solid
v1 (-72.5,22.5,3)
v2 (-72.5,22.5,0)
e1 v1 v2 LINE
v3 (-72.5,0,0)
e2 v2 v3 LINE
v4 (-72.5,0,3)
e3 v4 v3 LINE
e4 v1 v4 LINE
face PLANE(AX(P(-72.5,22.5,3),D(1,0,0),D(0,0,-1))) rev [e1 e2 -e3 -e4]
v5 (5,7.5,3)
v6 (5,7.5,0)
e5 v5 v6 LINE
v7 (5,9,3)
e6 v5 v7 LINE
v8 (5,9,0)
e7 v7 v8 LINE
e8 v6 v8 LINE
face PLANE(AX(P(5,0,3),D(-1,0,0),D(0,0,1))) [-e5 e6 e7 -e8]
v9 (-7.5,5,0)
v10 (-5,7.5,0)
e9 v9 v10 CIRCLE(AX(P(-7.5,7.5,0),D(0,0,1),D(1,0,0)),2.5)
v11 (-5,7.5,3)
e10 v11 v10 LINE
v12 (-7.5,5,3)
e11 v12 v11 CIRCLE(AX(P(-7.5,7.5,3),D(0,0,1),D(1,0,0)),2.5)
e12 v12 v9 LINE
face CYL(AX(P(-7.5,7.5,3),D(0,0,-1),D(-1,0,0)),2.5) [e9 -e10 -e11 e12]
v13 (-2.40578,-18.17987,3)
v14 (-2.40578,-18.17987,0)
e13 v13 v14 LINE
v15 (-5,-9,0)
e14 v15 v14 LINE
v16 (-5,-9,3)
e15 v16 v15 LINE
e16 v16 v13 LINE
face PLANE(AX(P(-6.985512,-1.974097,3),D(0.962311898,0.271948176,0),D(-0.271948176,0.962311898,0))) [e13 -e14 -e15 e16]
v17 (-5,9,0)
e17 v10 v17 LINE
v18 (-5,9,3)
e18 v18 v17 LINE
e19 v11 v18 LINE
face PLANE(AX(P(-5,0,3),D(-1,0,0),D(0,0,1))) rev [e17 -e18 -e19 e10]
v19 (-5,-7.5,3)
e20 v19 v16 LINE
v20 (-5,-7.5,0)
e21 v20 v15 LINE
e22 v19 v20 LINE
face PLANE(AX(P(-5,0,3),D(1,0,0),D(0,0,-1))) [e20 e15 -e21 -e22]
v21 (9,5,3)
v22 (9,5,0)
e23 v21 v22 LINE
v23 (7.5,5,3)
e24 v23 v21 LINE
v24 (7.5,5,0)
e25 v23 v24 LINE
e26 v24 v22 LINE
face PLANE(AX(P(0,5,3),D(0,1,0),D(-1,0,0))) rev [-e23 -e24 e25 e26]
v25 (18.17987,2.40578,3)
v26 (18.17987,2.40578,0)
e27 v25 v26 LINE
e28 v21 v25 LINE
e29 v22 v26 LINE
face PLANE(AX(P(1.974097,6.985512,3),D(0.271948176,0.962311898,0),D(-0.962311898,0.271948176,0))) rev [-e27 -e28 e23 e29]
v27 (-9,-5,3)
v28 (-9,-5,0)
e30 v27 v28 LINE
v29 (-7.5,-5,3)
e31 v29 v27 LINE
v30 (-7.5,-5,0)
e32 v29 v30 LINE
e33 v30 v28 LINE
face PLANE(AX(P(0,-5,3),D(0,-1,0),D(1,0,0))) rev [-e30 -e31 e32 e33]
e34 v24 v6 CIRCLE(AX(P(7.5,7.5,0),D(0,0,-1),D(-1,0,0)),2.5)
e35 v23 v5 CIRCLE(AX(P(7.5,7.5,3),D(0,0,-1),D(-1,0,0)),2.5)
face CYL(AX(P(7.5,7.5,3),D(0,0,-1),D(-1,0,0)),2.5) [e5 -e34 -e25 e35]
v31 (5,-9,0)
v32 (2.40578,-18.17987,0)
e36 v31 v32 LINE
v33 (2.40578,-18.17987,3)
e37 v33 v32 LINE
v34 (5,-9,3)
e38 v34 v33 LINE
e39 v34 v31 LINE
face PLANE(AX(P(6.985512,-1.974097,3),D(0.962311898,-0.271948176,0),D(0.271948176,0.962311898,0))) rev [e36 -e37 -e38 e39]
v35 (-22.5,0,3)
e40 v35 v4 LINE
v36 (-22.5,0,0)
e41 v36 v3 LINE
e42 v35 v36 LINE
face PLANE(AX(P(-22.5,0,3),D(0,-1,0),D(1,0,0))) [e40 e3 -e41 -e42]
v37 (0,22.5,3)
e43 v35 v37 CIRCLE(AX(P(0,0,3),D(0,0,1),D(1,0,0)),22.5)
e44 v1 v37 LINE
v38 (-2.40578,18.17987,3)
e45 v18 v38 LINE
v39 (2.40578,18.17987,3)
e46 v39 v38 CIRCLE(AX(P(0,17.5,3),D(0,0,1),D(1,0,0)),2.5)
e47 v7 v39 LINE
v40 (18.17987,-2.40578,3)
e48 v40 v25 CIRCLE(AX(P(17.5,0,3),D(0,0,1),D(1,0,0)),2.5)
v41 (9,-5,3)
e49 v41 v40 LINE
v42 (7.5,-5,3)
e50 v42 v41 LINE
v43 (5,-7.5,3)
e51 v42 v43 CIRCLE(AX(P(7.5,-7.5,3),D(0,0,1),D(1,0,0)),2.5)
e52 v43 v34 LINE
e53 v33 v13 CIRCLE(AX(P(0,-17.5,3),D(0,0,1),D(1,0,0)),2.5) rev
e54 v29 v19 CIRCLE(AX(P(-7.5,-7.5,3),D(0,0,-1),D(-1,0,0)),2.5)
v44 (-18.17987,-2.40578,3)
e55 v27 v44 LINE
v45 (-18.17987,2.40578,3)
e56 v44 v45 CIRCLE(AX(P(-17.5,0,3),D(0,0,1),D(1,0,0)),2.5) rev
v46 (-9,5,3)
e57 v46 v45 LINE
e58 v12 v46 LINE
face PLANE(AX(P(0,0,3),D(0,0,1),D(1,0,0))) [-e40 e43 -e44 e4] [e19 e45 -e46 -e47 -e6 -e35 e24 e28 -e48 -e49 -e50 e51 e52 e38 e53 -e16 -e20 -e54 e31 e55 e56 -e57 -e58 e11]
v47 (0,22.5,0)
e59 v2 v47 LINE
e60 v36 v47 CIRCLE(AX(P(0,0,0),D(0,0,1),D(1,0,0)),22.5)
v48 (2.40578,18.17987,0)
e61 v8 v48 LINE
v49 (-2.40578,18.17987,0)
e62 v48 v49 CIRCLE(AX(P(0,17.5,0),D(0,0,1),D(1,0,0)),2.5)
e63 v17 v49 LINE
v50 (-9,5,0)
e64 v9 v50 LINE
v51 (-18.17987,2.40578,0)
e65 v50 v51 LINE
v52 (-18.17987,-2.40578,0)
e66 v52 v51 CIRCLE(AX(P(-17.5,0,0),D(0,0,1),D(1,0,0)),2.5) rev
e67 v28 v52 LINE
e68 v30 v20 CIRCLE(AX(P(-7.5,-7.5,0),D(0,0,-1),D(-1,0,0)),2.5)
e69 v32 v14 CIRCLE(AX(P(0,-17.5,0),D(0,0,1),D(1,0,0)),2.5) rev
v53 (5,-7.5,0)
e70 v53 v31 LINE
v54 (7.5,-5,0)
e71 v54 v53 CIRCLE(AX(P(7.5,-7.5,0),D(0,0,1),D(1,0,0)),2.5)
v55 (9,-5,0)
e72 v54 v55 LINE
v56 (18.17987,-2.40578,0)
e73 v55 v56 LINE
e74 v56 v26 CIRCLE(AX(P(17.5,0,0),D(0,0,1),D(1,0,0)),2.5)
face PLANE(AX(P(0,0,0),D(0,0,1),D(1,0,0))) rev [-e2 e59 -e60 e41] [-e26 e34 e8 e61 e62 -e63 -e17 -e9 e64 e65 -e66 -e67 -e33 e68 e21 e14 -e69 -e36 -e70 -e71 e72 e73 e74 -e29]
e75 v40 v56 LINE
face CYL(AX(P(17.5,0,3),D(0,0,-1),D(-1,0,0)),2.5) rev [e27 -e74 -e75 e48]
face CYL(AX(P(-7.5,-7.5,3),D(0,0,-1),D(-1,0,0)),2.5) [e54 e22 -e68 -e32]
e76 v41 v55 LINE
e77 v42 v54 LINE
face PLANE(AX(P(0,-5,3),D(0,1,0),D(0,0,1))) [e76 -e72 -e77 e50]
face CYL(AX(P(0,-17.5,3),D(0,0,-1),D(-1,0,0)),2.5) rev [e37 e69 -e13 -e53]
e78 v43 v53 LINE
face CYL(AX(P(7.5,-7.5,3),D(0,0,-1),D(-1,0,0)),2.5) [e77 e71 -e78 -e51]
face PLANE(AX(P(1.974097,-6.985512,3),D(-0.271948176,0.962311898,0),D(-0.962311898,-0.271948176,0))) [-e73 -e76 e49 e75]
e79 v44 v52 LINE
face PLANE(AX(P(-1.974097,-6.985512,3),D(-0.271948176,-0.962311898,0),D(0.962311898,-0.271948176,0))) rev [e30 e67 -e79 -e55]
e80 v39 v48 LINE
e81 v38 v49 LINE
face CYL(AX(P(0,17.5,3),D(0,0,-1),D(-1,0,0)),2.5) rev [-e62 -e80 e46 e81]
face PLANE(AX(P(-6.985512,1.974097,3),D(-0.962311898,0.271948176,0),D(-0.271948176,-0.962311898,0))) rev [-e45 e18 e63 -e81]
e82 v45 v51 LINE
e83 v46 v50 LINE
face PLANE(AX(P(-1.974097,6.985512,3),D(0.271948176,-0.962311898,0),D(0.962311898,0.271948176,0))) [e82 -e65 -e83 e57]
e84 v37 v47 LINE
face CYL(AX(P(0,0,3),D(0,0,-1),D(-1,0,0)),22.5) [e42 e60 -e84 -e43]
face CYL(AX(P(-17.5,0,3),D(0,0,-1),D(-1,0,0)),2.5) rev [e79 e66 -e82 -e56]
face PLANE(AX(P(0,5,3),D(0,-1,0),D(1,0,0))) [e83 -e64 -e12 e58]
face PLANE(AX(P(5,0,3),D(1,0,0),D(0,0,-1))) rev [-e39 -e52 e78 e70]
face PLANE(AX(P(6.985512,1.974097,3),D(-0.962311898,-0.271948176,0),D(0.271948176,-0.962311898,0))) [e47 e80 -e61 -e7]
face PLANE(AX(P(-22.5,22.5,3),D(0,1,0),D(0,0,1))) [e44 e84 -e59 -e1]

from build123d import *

# Parameters (mm, degrees)
SKETCH1_R           = 2.5
SKETCH1_W           = 50
SKETCH1_H           = 22.5
BOSS_EXTRUDE1_DEPTH = 3


with BuildPart() as part:
    # Sketch1 → Boss-Extrude1 (new body)
    # profile 1 of 7: a face of its own
    with BuildSketch(Plane.XY):
        with BuildLine():
            ThreePointArc((22.5, 0), (15.909902577, 15.909902577), (0, 22.5))
            Line((0, 22.5), (-22.5, 0))
            ThreePointArc((-22.5, 0), (-22.471786645, -1.126412439), (-22.387217335, -2.25))
            ThreePointArc((-22.387217335, -2.25), (1.126412439, -22.471786645), (22.5, 0))
        make_face()
        with BuildLine():
            ThreePointArc((-7.5, 5), (-9.267766953, 9.267766953), (-5, 7.5))
            Line((-5, 7.5), (-5, 9))
            Line((-5, 9), (-2.405779746, 18.179870439))
            ThreePointArc((-2.405779746, 18.179870439), (0, 20), (2.405779746, 18.179870439))
            Line((2.405779746, 18.179870439), (5, 9))
            Line((5, 9), (5, 7.5))
            ThreePointArc((5, 7.5), (7.5, 10), (10, 7.5))
            ThreePointArc((10, 7.5), (9.267766953, 5.732233047), (7.5, 5))
            Line((7.5, 5), (9, 5))
            Line((9, 5), (18.179870439, 2.405779746))
            ThreePointArc((18.179870439, 2.405779746), (19.493699588, 1.508363998), (20, 0))
            ThreePointArc((20, 0), (19.493699588, -1.508363998), (18.179870439, -2.405779746))
            Line((18.179870439, -2.405779746), (9, -5))
            Line((9, -5), (7.5, -5))
            ThreePointArc((7.5, -5), (9.267766953, -5.732233047), (10, -7.5))
            ThreePointArc((10, -7.5), (7.5, -10), (5, -7.5))
            Line((5, -7.5), (5, -9))
            Line((5, -9), (2.405779746, -18.179870439))
            ThreePointArc((2.405779746, -18.179870439), (0, -20), (-2.405779746, -18.179870439))
            Line((-2.405779746, -18.179870439), (-5, -9))
            Line((-5, -9), (-5, -7.5))
            ThreePointArc((-5, -7.5), (-9.267766953, -9.267766953), (-7.5, -5))
            Line((-7.5, -5), (-9, -5))
            Line((-9, -5), (-18.179870439, -2.405779746))
            ThreePointArc((-18.179870439, -2.405779746), (-20, 0), (-18.179870439, 2.405779746))
            Line((-18.179870439, 2.405779746), (-9, 5))
            Line((-9, 5), (-7.5, 5))
        make_face(mode=Mode.SUBTRACT)
    # profile 2 of 7: a face of its own
    with BuildSketch(Plane.XY):
        with Locations((-7.5, 7.5)):
            Circle(SKETCH1_R)
    # profile 3 of 7: a face of its own
    with BuildSketch(Plane.XY):
        with Locations((7.5, 7.5)):
            Circle(SKETCH1_R)
    # profile 4 of 7: a face of its own
    with BuildSketch(Plane.XY):
        with Locations((7.5, -7.5)):
            Circle(SKETCH1_R)
    # profile 5 of 7: a face of its own
    with BuildSketch(Plane.XY):
        with Locations((-7.5, -7.5)):
            Circle(SKETCH1_R)
    # profile 6 of 7: a face of its own
    with BuildSketch(Plane.XY):
        Polygon((-22.5, 22.5), (0, 22.5), (-22.5, 0), align=None)
    # profile 7 of 7: a face of its own
    with BuildSketch(Plane.XY):
        with Locations((-47.5, 11.25)):
            Rectangle(SKETCH1_W, SKETCH1_H)
    extrude(amount=BOSS_EXTRUDE1_DEPTH)


solid = part.part
